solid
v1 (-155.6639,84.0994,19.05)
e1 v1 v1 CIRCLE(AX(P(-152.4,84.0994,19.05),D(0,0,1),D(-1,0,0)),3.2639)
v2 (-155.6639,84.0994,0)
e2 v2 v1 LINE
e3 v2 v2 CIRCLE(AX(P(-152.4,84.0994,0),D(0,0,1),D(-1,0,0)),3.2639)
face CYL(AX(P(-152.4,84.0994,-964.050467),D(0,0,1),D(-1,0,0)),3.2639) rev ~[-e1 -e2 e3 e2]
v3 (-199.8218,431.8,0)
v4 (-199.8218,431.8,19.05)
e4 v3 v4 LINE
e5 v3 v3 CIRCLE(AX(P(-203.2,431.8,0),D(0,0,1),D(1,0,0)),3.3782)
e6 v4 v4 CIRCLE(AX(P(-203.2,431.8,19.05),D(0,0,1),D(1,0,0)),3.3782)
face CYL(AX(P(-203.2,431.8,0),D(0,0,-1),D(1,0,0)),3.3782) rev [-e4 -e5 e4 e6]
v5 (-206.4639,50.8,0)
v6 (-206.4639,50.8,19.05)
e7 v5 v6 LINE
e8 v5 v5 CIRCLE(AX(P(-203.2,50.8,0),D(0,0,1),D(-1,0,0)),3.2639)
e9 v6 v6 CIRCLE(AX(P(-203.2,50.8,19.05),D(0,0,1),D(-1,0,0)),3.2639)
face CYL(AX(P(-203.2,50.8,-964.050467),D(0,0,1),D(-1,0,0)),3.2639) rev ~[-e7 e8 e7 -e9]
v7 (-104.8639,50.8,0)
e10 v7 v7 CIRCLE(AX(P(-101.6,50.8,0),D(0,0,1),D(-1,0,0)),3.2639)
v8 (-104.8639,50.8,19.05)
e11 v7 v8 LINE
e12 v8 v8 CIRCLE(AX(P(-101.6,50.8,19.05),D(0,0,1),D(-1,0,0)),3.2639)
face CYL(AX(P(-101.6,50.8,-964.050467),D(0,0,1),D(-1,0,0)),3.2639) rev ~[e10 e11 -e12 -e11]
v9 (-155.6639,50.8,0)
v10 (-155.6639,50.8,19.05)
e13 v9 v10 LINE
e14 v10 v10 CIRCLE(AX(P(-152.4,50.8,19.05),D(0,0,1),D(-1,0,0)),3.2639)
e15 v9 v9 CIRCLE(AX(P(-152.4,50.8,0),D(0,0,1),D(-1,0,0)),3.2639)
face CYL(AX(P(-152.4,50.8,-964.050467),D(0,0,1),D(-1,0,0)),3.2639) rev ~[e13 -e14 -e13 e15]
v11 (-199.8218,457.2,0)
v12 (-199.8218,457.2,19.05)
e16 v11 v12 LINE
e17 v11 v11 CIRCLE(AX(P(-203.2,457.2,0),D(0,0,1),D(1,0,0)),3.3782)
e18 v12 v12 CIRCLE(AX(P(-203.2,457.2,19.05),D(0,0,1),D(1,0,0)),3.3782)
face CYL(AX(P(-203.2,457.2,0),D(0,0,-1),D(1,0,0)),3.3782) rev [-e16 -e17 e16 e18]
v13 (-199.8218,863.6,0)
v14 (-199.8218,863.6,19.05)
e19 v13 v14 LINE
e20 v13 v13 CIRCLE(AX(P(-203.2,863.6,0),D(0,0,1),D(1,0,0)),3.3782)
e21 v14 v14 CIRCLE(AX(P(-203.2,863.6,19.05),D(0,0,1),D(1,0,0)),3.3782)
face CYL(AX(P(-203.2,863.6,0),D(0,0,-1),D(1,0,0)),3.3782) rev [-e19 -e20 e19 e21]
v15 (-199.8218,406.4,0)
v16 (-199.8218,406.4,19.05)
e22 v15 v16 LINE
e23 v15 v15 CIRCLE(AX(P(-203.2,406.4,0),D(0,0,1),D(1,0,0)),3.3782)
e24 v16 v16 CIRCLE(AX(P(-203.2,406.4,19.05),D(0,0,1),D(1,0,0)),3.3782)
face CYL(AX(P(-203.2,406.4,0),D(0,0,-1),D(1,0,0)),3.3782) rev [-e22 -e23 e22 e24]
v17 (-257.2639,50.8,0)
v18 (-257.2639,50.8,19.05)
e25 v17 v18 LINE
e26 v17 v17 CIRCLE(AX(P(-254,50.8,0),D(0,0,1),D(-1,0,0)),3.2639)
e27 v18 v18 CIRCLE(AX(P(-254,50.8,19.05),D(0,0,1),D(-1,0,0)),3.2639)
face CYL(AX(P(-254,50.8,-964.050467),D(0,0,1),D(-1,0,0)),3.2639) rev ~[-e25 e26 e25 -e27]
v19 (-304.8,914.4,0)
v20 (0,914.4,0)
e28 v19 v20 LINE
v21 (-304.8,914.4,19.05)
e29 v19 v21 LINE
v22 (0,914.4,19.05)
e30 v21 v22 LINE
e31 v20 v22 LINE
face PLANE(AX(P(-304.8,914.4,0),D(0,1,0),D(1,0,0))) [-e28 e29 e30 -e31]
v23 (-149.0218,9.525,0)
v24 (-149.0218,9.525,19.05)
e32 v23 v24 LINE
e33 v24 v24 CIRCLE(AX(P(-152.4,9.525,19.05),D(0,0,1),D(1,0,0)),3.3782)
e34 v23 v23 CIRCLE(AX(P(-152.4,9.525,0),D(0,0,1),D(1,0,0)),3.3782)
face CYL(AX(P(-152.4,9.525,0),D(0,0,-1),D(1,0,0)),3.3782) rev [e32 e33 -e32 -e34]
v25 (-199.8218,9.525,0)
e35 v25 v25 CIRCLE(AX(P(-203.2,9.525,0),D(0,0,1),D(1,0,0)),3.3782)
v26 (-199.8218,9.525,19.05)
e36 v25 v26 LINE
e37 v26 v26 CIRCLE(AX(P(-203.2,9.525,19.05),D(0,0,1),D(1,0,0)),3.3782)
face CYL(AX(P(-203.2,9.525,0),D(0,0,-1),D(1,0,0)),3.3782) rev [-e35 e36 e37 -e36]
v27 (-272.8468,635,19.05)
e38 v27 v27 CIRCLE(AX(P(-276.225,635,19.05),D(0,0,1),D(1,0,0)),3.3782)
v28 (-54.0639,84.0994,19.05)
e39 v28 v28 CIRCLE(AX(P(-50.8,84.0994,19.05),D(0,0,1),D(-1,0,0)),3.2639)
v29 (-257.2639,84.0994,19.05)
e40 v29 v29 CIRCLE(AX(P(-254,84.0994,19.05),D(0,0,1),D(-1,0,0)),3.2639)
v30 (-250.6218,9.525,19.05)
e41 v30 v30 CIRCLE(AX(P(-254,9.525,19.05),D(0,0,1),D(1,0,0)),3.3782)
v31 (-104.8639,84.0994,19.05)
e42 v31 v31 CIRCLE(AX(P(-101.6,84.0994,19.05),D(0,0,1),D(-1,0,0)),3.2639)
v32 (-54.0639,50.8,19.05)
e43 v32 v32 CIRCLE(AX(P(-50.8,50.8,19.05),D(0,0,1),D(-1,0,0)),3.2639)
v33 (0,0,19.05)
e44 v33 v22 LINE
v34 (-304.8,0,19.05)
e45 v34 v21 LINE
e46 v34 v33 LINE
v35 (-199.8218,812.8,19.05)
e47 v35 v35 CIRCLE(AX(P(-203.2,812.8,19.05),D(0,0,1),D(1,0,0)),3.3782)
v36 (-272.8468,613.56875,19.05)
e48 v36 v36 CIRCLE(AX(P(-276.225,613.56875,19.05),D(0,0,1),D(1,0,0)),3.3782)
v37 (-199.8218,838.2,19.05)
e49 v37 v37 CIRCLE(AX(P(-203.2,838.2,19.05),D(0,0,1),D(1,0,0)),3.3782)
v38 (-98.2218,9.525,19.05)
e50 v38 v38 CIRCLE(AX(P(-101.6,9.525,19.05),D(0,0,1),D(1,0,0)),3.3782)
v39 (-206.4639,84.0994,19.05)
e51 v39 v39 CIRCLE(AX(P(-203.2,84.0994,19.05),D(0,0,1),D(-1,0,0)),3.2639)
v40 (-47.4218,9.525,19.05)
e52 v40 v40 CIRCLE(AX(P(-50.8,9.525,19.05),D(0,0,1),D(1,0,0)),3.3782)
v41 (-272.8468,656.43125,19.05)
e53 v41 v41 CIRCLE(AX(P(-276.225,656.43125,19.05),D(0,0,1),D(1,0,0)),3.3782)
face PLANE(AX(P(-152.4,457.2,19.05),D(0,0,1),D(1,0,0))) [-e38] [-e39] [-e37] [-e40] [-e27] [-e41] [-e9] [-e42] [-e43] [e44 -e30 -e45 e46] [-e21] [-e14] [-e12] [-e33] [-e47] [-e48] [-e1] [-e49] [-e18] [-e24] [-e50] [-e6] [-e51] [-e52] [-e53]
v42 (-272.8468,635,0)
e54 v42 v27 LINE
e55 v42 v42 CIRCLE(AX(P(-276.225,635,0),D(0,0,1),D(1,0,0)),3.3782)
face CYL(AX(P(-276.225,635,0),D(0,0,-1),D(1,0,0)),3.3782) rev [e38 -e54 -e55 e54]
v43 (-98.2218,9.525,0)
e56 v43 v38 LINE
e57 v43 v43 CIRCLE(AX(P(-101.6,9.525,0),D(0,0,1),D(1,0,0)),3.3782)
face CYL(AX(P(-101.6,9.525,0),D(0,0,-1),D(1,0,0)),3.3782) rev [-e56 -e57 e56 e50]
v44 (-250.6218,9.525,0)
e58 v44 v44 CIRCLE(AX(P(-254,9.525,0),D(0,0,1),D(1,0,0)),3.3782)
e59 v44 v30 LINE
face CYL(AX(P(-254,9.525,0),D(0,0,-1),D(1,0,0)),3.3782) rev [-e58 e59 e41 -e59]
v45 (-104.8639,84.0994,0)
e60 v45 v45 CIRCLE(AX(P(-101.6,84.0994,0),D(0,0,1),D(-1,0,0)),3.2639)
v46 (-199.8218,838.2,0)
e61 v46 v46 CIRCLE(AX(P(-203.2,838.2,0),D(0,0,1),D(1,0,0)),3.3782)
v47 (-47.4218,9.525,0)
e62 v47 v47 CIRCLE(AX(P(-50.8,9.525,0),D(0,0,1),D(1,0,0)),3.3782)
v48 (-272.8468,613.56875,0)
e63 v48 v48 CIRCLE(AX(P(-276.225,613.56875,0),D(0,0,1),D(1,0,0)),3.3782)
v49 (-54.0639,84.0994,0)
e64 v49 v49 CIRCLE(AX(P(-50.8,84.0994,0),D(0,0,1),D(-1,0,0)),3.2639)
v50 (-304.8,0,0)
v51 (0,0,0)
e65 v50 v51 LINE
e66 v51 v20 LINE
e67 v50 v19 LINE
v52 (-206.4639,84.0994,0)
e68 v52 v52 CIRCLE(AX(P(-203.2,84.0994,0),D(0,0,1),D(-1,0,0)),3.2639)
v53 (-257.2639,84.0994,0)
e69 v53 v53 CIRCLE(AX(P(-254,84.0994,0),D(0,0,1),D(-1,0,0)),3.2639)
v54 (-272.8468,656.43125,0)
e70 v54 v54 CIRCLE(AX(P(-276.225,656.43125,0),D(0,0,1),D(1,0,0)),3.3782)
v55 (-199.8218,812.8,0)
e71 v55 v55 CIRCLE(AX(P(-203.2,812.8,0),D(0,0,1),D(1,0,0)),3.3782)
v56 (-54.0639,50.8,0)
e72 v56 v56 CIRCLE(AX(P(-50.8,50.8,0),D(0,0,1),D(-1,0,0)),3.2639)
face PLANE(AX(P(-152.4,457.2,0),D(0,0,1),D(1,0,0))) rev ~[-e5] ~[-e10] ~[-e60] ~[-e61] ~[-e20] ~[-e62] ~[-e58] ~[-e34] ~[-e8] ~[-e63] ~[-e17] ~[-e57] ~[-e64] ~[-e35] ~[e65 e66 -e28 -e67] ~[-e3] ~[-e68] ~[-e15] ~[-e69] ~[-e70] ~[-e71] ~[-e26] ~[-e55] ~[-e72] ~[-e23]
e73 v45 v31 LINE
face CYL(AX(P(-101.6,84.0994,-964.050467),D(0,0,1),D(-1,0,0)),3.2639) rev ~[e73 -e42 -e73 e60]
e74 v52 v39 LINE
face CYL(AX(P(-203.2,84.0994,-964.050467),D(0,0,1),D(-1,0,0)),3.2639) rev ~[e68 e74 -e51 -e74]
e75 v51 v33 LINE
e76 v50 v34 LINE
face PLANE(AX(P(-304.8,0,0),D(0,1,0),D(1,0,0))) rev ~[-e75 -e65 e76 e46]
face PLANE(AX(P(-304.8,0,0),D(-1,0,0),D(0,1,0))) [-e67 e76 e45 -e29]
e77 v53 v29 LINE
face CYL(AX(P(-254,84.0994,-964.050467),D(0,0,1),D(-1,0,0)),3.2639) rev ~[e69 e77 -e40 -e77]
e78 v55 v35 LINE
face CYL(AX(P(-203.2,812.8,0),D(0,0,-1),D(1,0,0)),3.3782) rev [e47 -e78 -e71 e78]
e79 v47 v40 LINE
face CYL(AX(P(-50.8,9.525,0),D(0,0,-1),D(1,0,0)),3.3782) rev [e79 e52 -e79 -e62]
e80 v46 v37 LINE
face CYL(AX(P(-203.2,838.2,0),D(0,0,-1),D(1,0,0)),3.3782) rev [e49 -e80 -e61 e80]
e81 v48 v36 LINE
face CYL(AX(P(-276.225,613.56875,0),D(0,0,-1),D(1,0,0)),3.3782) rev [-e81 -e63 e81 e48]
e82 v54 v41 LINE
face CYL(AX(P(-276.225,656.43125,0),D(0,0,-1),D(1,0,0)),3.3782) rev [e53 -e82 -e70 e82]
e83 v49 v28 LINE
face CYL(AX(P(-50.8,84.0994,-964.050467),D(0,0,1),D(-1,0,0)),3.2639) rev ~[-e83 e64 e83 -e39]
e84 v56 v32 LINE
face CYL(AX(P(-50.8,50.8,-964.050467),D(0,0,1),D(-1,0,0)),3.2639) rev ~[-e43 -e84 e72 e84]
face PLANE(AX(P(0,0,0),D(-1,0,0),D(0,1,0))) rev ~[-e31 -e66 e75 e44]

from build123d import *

# Parameters (mm, degrees)
F0_W     = 304.8
F0_H     = 914.4
F0_R     = 3.3782
F1_DEPTH = 19.05
F3_D     = 6.5278


with BuildPart() as f1:
    # F0 (on Top) → F1 (new body)
    with BuildSketch(Plane.XY):
        with Locations((-152.4, 457.2)):
            Rectangle(F0_W, F0_H)
        with Locations((-254, 9.525)):
            Circle(F0_R, mode=Mode.SUBTRACT)
        with Locations((-203.2, 9.525)):
            Circle(F0_R, mode=Mode.SUBTRACT)
        with Locations((-203.2, 406.4)):
            Circle(F0_R, mode=Mode.SUBTRACT)
        with Locations((-203.2, 431.8)):
            Circle(F0_R, mode=Mode.SUBTRACT)
        with Locations((-152.4, 9.525)):
            Circle(F0_R, mode=Mode.SUBTRACT)
        with Locations((-101.6, 9.525)):
            Circle(F0_R, mode=Mode.SUBTRACT)
        with Locations((-50.8, 9.525)):
            Circle(F0_R, mode=Mode.SUBTRACT)
        with Locations((-276.225, 613.56875)):
            Circle(F0_R, mode=Mode.SUBTRACT)
        with Locations((-276.225, 635)):
            Circle(F0_R, mode=Mode.SUBTRACT)
        with Locations((-276.225, 656.43125)):
            Circle(F0_R, mode=Mode.SUBTRACT)
        with Locations((-203.2, 457.2)):
            Circle(F0_R, mode=Mode.SUBTRACT)
        with Locations((-203.2, 812.8)):
            Circle(F0_R, mode=Mode.SUBTRACT)
        with Locations((-203.2, 838.2)):
            Circle(F0_R, mode=Mode.SUBTRACT)
        with Locations((-203.2, 863.6)):
            Circle(F0_R, mode=Mode.SUBTRACT)
    extrude(amount=F1_DEPTH)

    # F3 (through all)
    with Locations(Plane(origin=(0, 0, 0), x_dir=(1, 0, 0), z_dir=(0, 0, -1))):
        with Locations((-50.8, -84.0994), (-50.8, -50.8), (-101.6, -50.8), (-101.6, -84.0994), (-152.4, -84.0994), (-152.4, -50.8), (-203.2, -84.0994), (-203.2, -50.8), (-254, -84.0994), (-254, -50.8)):
            Hole(F3_D / 2)


solid = f1.part
